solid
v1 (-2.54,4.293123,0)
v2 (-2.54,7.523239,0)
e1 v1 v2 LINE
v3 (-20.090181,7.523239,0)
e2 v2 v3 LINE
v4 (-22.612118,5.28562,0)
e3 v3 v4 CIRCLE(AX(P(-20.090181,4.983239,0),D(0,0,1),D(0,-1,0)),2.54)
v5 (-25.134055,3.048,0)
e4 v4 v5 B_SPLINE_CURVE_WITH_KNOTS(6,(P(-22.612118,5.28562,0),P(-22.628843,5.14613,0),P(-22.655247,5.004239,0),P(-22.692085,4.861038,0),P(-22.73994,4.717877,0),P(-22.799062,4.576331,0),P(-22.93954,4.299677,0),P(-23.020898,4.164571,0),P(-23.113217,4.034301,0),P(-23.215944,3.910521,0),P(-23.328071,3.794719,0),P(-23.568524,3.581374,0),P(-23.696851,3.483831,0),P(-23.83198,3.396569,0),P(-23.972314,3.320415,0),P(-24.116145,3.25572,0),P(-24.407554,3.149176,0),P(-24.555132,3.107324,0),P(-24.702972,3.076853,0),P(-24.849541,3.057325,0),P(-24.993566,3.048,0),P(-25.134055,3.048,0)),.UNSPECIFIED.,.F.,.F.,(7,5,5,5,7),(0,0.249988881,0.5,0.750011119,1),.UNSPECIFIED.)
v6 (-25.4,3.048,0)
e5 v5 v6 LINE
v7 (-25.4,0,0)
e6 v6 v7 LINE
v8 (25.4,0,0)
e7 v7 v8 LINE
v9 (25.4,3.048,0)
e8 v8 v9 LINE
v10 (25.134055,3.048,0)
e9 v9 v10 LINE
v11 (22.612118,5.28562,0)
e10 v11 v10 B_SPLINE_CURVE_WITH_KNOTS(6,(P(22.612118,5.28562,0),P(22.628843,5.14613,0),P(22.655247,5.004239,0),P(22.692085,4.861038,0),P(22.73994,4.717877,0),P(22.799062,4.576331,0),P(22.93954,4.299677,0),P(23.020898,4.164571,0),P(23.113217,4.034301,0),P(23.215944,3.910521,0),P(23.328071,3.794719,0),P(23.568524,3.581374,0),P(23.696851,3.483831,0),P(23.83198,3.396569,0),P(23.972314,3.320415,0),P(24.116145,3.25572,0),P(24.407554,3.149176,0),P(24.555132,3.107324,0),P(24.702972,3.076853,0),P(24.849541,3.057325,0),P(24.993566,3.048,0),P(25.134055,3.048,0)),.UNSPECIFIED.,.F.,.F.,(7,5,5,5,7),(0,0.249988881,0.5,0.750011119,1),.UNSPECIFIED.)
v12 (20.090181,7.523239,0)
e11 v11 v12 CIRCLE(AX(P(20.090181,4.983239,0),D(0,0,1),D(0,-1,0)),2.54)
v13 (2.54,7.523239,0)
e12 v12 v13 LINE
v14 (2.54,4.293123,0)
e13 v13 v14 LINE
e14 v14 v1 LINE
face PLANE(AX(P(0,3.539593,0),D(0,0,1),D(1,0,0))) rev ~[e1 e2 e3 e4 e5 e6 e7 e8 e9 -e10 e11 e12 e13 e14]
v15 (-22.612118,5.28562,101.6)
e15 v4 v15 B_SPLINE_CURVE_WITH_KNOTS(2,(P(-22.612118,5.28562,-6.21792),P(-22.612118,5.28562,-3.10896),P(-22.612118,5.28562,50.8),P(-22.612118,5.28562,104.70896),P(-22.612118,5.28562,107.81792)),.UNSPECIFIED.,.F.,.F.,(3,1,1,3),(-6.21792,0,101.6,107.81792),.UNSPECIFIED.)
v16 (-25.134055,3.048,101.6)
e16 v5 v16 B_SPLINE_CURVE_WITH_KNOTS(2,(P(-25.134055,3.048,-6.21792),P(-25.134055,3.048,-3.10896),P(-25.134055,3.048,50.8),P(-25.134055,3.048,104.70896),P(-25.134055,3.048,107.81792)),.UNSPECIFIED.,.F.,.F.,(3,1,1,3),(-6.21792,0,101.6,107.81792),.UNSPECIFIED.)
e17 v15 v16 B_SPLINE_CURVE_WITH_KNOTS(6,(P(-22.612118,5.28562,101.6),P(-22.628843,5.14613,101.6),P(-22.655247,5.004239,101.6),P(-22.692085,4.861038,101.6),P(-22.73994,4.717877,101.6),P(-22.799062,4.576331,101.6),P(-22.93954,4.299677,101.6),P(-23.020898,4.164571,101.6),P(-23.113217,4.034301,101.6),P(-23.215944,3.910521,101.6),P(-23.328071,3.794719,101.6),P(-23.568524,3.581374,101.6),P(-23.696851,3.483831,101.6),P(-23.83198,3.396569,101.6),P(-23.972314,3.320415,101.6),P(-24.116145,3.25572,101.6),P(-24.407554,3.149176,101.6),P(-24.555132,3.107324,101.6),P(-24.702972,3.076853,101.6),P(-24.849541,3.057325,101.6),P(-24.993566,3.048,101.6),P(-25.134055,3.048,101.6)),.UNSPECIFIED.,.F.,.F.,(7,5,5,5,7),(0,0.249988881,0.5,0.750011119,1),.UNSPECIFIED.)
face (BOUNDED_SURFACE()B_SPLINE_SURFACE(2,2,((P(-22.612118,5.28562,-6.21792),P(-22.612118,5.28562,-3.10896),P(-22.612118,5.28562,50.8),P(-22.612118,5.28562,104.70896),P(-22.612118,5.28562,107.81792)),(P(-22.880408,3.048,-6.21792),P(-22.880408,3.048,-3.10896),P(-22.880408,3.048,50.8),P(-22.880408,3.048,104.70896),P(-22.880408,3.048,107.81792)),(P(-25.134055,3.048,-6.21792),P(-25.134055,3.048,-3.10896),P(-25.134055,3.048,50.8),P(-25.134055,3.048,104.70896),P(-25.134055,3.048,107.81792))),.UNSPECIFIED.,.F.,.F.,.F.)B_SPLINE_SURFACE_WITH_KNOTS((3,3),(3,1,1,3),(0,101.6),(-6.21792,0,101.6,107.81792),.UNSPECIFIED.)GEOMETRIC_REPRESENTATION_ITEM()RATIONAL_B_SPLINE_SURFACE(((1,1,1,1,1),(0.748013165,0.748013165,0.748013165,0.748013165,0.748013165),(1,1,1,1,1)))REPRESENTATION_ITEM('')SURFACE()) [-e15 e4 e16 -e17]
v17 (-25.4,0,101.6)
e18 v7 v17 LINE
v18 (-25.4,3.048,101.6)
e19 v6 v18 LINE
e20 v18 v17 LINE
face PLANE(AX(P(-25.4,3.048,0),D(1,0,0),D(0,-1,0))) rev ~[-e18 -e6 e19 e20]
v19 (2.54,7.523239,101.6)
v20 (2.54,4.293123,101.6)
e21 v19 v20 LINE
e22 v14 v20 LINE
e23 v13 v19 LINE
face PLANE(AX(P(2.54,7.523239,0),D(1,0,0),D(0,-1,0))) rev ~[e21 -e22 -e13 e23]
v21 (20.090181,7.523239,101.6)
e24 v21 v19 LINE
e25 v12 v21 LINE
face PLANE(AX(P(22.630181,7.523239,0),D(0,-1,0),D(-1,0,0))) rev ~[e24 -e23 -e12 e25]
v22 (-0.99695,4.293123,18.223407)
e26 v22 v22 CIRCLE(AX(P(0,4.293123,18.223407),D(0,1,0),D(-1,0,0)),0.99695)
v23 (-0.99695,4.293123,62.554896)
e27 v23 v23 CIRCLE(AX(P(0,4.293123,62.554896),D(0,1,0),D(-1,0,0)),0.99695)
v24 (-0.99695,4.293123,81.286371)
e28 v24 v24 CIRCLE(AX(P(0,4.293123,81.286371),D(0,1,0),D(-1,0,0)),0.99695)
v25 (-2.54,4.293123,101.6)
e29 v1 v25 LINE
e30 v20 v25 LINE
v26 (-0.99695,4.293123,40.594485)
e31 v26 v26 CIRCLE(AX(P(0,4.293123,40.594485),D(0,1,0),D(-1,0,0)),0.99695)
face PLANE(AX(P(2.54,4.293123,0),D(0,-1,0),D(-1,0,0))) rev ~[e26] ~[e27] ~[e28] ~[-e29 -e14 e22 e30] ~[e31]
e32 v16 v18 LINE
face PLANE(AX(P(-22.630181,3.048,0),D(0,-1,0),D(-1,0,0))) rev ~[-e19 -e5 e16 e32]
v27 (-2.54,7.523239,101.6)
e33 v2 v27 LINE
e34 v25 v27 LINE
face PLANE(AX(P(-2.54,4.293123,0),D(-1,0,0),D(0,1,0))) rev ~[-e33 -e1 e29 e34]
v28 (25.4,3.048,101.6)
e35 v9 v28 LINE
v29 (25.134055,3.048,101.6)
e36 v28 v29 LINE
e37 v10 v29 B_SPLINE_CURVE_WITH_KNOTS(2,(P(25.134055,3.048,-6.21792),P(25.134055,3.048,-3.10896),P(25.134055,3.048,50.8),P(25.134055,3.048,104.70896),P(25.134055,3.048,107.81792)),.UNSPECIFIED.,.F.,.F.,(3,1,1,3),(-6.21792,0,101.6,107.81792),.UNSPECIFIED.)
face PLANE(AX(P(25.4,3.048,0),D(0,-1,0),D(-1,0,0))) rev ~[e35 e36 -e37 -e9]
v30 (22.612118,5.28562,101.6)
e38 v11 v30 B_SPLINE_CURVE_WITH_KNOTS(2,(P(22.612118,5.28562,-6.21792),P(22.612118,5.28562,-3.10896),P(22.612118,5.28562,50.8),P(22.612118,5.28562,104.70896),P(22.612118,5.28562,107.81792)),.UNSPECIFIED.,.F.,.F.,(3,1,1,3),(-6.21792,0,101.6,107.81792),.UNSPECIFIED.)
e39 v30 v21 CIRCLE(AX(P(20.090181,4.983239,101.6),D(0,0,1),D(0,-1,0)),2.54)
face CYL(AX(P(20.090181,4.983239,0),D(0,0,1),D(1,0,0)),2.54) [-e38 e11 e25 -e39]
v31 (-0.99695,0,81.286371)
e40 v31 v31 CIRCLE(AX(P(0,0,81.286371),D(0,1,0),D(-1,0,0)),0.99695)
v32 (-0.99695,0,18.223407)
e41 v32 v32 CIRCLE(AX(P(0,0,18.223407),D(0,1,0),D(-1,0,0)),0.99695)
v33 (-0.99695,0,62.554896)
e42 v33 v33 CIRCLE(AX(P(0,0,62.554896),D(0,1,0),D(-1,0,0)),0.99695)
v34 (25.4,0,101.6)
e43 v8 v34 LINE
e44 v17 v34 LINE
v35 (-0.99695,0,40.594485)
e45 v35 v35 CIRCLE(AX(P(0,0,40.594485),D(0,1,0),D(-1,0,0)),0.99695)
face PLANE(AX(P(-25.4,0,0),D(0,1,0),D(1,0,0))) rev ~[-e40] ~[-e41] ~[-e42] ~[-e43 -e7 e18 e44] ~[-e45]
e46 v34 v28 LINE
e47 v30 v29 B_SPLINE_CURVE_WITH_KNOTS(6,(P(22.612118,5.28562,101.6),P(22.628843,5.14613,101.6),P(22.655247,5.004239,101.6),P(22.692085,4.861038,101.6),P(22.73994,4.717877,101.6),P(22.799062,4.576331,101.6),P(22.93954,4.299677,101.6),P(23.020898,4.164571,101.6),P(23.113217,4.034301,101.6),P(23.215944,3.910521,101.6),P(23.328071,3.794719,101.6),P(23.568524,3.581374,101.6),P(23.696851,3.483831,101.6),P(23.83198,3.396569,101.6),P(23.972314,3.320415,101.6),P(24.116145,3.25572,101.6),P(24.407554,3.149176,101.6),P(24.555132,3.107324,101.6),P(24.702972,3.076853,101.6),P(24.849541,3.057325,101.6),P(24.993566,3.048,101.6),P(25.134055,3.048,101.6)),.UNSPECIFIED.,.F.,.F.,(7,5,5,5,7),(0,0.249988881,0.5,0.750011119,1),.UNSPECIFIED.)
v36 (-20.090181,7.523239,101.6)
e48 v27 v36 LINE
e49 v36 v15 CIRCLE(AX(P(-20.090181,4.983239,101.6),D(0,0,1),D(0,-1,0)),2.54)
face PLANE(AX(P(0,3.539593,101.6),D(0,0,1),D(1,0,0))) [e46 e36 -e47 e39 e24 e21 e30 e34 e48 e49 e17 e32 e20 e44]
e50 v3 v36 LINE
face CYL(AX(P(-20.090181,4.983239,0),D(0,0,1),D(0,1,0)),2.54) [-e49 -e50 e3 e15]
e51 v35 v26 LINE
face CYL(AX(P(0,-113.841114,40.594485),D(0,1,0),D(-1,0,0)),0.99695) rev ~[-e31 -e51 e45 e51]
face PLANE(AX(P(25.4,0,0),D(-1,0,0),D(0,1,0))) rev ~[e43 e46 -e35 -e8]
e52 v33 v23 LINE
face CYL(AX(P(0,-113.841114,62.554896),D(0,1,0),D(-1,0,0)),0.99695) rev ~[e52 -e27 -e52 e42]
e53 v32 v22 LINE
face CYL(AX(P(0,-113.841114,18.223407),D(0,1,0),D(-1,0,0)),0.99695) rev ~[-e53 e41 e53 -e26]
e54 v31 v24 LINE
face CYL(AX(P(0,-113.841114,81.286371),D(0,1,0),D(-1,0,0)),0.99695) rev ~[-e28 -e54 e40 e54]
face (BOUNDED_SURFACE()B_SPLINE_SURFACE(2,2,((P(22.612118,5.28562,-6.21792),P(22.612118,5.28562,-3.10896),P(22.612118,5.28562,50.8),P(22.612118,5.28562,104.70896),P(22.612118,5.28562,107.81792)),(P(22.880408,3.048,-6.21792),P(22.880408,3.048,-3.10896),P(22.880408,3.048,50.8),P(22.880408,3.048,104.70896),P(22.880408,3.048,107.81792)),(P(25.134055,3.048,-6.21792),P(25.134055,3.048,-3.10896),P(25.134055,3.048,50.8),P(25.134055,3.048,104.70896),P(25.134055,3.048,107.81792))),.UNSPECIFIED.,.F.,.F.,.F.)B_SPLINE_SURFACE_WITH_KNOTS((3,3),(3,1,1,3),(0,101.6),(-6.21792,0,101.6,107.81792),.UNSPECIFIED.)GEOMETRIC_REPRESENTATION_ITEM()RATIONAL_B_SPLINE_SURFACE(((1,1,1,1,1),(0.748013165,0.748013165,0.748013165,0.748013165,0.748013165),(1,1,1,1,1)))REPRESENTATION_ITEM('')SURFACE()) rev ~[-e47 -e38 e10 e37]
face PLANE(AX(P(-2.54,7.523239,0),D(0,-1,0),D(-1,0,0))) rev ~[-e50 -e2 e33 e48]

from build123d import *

# Parameters (mm, degrees)
F1_DEPTH = 101.6
F2_R     = 2.54
F3_R     = 2.54
F4_R     = 2.54
F5_R     = 2.54
F7_D     = 1.9939


with BuildPart() as f1:
    # F0 (on Top) → F1 (new body)
    with BuildSketch(Plane.XY):
        Polygon((-25.4, 0), (0, 0), (25.4, 0), (25.4, 3.048), (22.6301808, 3.048), (22.6301808, 7.5232392634), (2.54, 7.5232392634), (2.54, 4.2931226644), (0, 4.2931226644), (-2.54, 4.2931226644), (-2.54, 7.5232392634), (-22.6301808, 7.5232392634), (-22.6301808, 3.048), (-25.4, 3.048), align=None)
    extrude(amount=F1_DEPTH)

    # F2
    f2_edges = [f1.edges().sort_by_distance(p)[0] for p in [
        (22.630181, 7.523239, 50.8),
    ]]
    fillet(f2_edges, radius=F2_R)

    # F3
    f3_edges = [f1.edges().sort_by_distance(p)[0] for p in [
        (22.630181, 3.048, 50.8),
    ]]
    fillet(f3_edges, radius=F3_R)

    # F4
    f4_edges = [f1.edges().sort_by_distance(p)[0] for p in [
        (-22.630181, 7.523239, 50.8),
    ]]
    fillet(f4_edges, radius=F4_R)

    # F5
    f5_edges = [f1.edges().sort_by_distance(p)[0] for p in [
        (-22.630181, 3.048, 50.8),
        (-22.630181, 4.983239, 50.8),
    ]]
    fillet(f5_edges, radius=F5_R)

    # F7 (through all)
    with Locations(Plane.XZ):
        with Locations((0, 81.2863707542), (0, 62.5548958778), (0, 40.594484657), (0, 18.223406747)):
            Hole(F7_D / 2)


solid = f1.part
